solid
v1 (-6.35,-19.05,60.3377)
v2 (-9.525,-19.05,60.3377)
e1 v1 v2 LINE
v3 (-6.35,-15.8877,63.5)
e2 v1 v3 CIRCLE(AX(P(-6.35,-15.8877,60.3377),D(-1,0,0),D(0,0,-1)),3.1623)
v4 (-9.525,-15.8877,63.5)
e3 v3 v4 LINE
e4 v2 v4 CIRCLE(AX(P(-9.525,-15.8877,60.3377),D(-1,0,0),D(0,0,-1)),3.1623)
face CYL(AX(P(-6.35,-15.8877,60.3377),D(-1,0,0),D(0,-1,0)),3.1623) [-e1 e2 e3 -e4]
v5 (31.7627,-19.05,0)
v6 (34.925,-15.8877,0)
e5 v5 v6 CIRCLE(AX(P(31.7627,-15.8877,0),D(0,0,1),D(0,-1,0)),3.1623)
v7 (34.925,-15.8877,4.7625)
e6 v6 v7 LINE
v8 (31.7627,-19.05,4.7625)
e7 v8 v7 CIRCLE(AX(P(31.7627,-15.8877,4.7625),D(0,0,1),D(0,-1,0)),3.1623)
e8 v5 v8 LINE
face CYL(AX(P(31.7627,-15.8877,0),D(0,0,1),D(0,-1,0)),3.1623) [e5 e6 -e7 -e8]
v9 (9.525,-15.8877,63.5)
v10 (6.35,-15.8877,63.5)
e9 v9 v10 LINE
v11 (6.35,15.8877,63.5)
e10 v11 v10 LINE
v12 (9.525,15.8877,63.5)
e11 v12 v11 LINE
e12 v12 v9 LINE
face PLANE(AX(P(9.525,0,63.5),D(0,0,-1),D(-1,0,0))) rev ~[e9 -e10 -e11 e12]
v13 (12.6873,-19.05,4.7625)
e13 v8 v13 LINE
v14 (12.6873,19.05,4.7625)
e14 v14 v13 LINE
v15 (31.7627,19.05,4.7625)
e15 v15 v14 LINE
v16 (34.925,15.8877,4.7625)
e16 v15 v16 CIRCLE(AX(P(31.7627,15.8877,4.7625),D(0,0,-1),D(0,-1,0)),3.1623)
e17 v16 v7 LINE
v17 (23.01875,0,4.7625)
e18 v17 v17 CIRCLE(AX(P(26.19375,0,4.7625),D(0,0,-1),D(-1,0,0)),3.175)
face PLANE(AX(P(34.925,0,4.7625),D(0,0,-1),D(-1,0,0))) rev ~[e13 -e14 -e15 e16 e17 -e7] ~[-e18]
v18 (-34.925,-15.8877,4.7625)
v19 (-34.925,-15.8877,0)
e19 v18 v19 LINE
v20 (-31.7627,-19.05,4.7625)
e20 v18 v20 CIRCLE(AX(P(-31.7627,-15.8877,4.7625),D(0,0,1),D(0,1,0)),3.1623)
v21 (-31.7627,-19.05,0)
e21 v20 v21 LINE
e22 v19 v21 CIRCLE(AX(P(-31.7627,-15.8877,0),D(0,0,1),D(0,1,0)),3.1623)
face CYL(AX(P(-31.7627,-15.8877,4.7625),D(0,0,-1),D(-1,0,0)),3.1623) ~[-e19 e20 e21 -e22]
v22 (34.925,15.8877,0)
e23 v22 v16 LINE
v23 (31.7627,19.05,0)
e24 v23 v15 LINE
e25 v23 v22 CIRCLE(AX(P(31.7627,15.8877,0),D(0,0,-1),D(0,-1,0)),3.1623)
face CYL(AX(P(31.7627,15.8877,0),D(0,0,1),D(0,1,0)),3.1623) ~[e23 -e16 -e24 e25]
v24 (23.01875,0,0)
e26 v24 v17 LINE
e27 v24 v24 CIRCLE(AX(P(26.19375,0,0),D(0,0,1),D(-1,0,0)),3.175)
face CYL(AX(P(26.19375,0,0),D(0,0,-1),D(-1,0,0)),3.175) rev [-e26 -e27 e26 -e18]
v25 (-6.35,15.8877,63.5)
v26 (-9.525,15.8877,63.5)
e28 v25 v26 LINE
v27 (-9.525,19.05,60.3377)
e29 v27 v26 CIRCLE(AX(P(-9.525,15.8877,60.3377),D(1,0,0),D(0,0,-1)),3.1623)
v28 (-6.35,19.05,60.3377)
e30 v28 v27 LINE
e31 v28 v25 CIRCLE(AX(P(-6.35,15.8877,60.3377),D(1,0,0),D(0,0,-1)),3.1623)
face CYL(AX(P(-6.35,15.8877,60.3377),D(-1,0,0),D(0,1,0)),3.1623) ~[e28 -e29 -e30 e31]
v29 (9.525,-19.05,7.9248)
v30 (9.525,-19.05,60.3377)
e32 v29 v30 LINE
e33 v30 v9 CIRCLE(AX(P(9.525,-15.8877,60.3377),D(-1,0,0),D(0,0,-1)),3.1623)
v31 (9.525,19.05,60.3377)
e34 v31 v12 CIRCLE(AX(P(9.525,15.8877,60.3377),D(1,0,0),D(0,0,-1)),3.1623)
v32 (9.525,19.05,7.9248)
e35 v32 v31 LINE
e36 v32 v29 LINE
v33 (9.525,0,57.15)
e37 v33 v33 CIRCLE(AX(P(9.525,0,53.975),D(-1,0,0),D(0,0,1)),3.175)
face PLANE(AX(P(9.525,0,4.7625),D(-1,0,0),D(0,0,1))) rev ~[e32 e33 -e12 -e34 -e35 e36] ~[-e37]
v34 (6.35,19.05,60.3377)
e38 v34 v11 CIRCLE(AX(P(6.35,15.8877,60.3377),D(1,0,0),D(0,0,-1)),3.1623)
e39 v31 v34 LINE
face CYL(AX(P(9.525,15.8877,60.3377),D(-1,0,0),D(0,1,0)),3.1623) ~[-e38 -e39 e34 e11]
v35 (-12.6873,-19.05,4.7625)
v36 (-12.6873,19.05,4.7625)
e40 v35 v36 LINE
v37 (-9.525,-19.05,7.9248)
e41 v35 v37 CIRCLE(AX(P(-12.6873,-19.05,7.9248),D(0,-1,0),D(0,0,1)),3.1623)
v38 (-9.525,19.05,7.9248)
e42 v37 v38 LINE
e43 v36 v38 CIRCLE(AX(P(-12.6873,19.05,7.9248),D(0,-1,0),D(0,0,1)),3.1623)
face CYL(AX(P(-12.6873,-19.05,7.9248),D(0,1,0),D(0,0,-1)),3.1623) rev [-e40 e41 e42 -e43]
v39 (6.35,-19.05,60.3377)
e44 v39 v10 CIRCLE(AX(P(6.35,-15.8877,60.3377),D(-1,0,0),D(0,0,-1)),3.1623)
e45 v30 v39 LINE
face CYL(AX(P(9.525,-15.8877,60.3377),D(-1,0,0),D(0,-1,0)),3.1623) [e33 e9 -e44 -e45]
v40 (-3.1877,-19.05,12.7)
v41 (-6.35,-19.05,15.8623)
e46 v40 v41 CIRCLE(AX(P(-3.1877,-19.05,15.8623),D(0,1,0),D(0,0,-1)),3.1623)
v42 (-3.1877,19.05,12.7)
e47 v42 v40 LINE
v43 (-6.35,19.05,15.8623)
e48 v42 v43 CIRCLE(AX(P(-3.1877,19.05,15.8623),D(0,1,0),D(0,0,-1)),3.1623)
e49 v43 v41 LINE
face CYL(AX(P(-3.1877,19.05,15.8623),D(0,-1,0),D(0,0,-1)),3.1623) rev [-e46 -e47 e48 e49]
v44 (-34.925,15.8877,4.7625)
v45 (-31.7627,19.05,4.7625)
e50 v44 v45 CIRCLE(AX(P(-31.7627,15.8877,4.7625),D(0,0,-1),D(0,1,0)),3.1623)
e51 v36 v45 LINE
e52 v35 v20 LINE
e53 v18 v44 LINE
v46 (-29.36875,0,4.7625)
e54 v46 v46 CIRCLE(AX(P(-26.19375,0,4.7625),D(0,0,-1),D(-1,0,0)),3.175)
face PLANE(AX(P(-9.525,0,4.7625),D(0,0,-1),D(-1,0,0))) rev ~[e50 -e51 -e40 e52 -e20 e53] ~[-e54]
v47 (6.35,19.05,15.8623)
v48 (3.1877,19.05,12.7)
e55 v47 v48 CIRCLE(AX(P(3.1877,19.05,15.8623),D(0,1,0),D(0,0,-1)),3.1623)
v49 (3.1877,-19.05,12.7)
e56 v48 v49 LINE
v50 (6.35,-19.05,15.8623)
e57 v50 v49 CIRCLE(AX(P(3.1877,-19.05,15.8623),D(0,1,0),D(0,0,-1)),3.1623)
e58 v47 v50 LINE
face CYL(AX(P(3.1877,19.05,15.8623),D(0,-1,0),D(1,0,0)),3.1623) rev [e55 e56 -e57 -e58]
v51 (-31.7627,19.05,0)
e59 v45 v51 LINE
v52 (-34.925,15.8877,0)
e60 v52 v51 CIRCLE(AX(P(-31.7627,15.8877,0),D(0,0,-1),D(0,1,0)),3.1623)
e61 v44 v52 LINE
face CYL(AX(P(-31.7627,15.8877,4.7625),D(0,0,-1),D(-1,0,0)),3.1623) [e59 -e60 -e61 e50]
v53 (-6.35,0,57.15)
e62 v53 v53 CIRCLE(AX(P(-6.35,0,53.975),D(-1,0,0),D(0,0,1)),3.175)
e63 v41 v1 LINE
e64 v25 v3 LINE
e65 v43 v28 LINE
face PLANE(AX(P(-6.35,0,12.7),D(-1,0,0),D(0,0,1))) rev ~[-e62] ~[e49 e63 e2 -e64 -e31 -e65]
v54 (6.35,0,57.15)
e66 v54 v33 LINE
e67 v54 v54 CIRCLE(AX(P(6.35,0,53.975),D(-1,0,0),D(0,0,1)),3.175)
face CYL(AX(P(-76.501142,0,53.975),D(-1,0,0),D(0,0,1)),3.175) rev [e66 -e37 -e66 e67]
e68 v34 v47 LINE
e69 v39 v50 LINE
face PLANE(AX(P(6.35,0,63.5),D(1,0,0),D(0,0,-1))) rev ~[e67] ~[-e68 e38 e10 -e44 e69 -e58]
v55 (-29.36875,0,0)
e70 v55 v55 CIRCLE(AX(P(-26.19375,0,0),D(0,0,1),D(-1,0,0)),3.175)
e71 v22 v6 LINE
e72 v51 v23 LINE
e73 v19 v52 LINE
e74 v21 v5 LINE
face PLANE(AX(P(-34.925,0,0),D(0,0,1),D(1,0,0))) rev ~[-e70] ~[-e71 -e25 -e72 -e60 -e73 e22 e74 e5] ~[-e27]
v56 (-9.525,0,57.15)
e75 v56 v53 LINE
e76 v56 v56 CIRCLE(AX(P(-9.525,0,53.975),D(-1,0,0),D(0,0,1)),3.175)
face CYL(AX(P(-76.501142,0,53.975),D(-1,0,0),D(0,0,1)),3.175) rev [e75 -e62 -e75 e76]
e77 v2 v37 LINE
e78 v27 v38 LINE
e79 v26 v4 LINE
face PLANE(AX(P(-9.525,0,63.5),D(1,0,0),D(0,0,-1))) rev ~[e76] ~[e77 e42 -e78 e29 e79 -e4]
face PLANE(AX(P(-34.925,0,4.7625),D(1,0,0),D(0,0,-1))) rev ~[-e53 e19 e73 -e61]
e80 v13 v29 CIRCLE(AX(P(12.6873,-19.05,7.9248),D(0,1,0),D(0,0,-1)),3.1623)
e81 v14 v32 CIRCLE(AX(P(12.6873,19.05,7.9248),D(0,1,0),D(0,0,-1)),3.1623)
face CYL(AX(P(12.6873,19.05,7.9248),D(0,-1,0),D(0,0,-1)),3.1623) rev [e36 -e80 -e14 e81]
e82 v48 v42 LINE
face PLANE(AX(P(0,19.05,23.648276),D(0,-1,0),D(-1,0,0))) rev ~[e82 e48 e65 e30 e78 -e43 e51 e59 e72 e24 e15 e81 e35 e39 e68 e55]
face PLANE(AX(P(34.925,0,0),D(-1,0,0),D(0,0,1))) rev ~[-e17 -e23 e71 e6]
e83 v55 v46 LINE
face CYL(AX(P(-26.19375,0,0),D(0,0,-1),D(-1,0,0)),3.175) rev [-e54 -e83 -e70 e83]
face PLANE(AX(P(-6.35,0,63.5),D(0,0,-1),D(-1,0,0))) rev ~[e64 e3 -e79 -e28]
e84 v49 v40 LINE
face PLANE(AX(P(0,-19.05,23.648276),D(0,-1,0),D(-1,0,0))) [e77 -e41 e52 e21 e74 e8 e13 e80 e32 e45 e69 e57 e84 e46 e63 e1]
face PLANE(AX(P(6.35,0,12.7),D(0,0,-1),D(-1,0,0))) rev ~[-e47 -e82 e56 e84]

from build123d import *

# Parameters (mm, degrees)
EXTRUDE1_DEPTH      = 19.05
SKETCH2_R           = 3.175
EXTRUDE2_DEPTH      = 75.93269063
EXTRUDE3_DEPTH      = 76.501141892
EXTRUDE3_DEPTH_BACK = 76.501141892
SKETCH3_R           = 3.175
FILLET3_R           = 3.1623


with BuildPart() as part:
    # Sketch1 → Extrude1 (new, symmetric)
    with BuildSketch(Plane(origin=(0, 0, 0), x_dir=(1, 0, 0), z_dir=(0, 1, 0))):
        Polygon((-34.925, 0), (34.925, 0), (34.925, -4.7625), (9.525, -4.7625), (9.525, -63.5), (6.35, -63.5), (6.35, -12.7), (-6.35, -12.7), (-6.35, -63.5), (-9.525, -63.5), (-9.525, -4.7625), (-34.925, -4.7625), align=None)
    extrude(amount=EXTRUDE1_DEPTH, both=True)

    # Sketch2 → Extrude2 (cut, through all)
    with BuildSketch(Plane.XY):
        with Locations(Location((-26.19375, 0, 0), (0, 0, 180))):
            Circle(SKETCH2_R)
        with Locations(Location((26.19375, 0, 0), (0, 0, 180))):
            Circle(SKETCH2_R)
    extrude(amount=EXTRUDE2_DEPTH, mode=Mode.SUBTRACT)

    # Sketch3 → Extrude3 (cut, two sides: drawn at the far end of the back side and taken through both)
    with BuildSketch(Plane(origin=(0, 0, -0.669808337), x_dir=(0, 0, -1), z_dir=(1, 0, 0)).offset(-EXTRUDE3_DEPTH_BACK)):
        with Locations(Location((-54.644808337, 0, 0), (0, 0, 180))):
            Circle(SKETCH3_R)
    extrude(amount=EXTRUDE3_DEPTH + EXTRUDE3_DEPTH_BACK, mode=Mode.SUBTRACT)

    # Fillet3
    fillet3_edges = [part.edges().sort_by_distance(p)[0] for p in [
        (-34.925, 19.05, 2.38125),
        (7.9375, -19.05, 63.5),
        (-7.9375, -19.05, 63.5),
        (-34.925, -19.05, 2.38125),
        (34.925, -19.05, 2.38125),
        (-7.9375, 19.05, 63.5),
        (9.525, 0, 4.7625),
        (6.35, 0, 12.7),
        (-6.35, 0, 12.7),
        (-9.525, 0, 4.7625),
        (7.9375, 19.05, 63.5),
        (34.925, 19.05, 2.38125),
    ]]
    fillet(fillet3_edges, radius=FILLET3_R)


solid = part.part
